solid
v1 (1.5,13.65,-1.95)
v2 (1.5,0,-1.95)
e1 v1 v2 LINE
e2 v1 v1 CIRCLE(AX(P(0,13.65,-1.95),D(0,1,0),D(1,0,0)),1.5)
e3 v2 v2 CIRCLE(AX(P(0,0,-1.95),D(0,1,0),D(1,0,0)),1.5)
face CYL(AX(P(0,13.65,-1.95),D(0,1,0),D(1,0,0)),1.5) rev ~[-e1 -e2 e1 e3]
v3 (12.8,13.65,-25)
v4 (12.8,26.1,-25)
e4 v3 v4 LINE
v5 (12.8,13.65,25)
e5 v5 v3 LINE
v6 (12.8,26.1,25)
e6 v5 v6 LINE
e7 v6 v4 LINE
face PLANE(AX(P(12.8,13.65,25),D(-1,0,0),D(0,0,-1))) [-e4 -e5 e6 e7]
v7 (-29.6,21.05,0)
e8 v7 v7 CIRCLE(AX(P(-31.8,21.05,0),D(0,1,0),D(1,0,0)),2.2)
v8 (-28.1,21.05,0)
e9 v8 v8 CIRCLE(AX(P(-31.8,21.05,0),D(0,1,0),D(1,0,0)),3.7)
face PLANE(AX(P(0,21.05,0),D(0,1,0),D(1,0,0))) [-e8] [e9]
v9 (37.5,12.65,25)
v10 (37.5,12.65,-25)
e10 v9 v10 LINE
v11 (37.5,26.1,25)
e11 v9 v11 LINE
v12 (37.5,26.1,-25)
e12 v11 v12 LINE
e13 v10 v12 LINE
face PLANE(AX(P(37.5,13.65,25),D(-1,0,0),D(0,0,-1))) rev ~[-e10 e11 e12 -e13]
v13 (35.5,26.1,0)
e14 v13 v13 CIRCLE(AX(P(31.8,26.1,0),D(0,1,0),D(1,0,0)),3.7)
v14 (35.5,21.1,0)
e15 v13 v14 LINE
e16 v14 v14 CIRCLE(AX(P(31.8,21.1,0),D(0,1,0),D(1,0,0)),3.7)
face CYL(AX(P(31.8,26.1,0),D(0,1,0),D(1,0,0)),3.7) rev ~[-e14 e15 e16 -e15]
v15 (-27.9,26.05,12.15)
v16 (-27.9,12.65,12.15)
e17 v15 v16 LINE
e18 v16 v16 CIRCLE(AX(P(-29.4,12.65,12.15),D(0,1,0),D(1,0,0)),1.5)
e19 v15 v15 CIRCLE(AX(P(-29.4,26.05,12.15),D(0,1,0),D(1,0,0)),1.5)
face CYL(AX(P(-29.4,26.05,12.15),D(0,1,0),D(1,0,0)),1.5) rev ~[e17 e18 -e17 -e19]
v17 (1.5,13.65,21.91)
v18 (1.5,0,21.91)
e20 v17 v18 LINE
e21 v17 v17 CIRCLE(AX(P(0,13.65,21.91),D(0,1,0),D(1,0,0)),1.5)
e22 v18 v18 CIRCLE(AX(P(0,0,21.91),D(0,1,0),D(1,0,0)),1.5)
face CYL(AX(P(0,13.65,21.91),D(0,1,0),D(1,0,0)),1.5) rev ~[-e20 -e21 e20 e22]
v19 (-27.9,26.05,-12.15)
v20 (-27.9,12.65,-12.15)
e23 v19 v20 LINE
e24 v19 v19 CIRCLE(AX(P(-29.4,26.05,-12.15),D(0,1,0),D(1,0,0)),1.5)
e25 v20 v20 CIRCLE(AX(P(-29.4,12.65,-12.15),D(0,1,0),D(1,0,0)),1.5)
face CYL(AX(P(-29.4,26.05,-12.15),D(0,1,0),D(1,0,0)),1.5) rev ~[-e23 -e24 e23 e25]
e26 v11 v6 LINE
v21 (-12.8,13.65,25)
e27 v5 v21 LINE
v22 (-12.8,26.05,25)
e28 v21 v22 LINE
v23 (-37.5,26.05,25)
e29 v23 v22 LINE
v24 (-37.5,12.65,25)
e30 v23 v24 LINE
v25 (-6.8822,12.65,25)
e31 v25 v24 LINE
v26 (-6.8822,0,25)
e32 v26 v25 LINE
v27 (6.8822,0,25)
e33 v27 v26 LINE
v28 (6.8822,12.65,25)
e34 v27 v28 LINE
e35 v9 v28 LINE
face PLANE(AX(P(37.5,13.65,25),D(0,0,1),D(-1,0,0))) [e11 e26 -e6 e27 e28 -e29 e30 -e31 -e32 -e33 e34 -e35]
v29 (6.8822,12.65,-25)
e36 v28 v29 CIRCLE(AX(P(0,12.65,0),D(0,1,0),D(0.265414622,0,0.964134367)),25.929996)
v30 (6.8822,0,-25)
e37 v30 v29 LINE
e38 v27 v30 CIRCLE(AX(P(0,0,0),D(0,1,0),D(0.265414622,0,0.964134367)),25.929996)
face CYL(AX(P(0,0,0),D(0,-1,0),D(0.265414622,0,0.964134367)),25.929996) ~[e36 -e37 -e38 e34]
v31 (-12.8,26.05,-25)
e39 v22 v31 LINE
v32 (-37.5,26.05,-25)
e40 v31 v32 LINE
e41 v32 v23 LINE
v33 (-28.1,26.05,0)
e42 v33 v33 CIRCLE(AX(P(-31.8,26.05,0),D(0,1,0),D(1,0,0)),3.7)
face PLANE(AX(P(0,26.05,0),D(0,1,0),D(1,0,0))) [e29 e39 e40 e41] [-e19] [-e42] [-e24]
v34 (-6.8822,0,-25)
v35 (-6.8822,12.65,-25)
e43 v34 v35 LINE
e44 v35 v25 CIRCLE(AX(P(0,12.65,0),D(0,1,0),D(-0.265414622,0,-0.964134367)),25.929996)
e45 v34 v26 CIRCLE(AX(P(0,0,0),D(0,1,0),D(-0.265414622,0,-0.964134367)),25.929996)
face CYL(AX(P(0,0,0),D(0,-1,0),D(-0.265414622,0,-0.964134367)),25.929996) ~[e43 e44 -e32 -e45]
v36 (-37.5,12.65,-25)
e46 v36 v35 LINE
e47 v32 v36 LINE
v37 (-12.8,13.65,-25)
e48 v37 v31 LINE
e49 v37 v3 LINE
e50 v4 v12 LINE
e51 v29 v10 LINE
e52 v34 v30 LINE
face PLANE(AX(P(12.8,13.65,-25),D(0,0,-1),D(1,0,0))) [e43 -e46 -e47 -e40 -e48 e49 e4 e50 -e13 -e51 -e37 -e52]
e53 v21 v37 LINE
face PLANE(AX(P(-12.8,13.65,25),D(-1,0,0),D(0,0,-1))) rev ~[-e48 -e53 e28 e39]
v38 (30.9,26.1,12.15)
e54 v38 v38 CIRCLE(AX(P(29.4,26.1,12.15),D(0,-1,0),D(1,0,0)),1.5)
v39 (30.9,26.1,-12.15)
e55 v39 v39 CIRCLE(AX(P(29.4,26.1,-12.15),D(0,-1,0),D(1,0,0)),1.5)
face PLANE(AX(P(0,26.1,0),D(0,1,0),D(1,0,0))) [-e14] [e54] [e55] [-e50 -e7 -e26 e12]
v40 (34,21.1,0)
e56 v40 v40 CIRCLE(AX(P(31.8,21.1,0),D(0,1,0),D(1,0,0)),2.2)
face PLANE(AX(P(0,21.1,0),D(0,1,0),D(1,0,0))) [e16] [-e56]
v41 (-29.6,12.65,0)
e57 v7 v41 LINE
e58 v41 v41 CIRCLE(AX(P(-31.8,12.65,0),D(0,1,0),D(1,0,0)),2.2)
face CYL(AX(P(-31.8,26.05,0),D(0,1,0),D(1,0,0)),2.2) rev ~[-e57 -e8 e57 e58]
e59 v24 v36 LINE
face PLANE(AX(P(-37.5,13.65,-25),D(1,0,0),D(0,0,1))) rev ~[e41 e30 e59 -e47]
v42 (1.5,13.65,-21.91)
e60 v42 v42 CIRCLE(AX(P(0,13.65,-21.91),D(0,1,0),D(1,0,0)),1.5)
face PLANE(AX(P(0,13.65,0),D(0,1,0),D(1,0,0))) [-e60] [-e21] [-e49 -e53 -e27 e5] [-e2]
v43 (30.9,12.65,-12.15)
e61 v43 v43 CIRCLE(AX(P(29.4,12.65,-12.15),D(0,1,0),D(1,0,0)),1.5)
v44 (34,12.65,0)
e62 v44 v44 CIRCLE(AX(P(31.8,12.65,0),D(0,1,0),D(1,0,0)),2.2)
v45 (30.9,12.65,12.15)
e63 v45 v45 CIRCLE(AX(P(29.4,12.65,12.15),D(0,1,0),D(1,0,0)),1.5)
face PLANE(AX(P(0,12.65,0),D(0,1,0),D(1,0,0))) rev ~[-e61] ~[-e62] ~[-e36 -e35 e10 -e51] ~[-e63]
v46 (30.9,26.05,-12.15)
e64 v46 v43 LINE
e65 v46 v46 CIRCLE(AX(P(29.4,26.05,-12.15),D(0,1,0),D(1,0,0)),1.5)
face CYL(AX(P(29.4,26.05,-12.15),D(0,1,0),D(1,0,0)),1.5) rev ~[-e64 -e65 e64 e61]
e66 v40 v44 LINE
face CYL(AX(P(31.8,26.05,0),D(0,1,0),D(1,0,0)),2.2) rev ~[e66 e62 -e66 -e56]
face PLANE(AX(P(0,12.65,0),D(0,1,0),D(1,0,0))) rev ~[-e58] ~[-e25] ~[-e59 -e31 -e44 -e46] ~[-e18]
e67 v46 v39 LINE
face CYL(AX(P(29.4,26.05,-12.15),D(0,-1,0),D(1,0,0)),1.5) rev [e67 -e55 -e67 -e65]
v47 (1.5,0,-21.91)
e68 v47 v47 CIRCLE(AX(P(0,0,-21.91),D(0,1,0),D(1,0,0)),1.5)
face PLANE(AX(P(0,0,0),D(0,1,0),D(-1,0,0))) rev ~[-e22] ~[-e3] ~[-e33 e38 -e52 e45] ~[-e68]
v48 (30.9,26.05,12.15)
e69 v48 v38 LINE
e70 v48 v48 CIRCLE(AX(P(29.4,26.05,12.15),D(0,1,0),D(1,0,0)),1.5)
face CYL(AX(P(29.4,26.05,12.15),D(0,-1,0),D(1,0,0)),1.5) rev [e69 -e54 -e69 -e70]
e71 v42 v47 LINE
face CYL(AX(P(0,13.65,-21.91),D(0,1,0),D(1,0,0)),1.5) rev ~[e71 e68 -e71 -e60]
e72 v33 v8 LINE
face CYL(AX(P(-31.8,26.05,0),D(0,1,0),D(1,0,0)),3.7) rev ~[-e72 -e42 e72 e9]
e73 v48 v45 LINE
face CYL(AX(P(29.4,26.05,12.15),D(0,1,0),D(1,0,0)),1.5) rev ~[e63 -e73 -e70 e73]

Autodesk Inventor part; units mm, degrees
ref_plane "YZ Plane" through (0, 0, 0) normal (1, 0, 0) x (0, 1, 0)
ref_plane "XZ Plane" through (0, 0, 0) normal (0, 1, 0) x (-1, 0, 0)
ref_plane "XY Plane" through (0, 0, 0) normal (0, 0, 1) x (1, 0, 0)
sketch "Sketch1" plane through (0, 0, 0) normal (0, 1, 0) x (-1, 0, 0)
  line L0 (37.5, -25) -> (-37.5, -25) construction
  line L1 (-37.5, -25) -> (-37.5, 25) construction
  line L2 (-37.5, 25) -> (37.5, 25) construction
  line L3 (37.5, 25) -> (37.5, -25) construction
  arc A0 (6.8822, -25) -> (6.8822, 25) centre (0, 0) ccw
  arc A1 (-6.8822, 25) -> (-6.8822, -25) centre (0, 0) ccw
  line L4 (6.8822, -25) -> (-6.8822, -25)
  line L5 (-6.8822, 25) -> (6.8822, 25)
  dimension "d4" = 50
  dimension "d5" = 75
extrude "Extrusion1" add sketch "Sketch1" along normal blind 12.65
sketch "Sketch2" plane through (0, 12.65, 0) normal (0, 1, 0) x (1, 0, 0)
  line L0 (-37.5, 25) -> (37.5, 25) construction
  line L1 (-37.5, -25) -> (-37.5, 25) construction
  line L2 (37.5, 25) -> (37.5, -25) construction
  line L3 (37.5, -25) -> (-37.5, -25) construction
  line L4 (-37.5, 25) -> (37.5, 25)
  line L5 (37.5, -25) -> (37.5, 25)
  line L6 (37.5, -25) -> (-37.5, -25)
  line L7 (-37.5, -25) -> (-37.5, 25)
  point P0 (0, 0)
extrude "Extrusion2" add sketch "Sketch2" along normal blind 1
sketch "Sketch3" plane through (0, 13.65, 0) normal (0, 1, 0) x (1, 0, 0)
  line L0 (37.5, -25) -> (6.8822, -25) projected
  line L1 (12.8, -25) -> (12.8, 25)
  line L2 (12.8, 25) -> (37.5, 25)
  line L3 (37.5, -25) -> (37.5, 25) projected
  line L4 (37.5, 25) -> (37.5, -25)
  line L5 (37.5, -25) -> (12.8, -25)
  line L6 (-12.8, -25) -> (-12.8, 25)
  line L7 (-37.5, 25) -> (-37.5, -25) projected
  line L8 (-12.8, 25) -> (-37.5, 25)
  line L9 (-37.5, 25) -> (-37.5, -25)
  line L10 (-37.5, -25) -> (-12.8, -25)
  point P0 (0, 0)
  dimension "d12" = 25.6
  dimension "d13" = 24.7
  dimension "d14" = 24.7
extrude "Extrusion3" add sketch "Sketch3" along normal blind 12.4 contours L10 L7 L8 L6
extrude "Extrusion4" add sketch "Sketch3" along normal blind 12.45 contours L0 L1 L2 L3
sketch "Sketch4" plane through (0, 13.65, 0) normal (0, 1, 0) x (1, 0, 0)
  circle A0 centre (0, 21.91) radius 1.5
  circle A1 centre (0, -21.91) radius 1.5
  circle A2 centre (0, 1.95) radius 1.5
  line L0 (12.8, 25) -> (12.8, -25) projected
  point P0 (0, 0)
  dimension "d21" = 3
  dimension "d23" = 3
  dimension "d25" = 3
  dimension "d26" = 21.91
  dimension "d27" = 23.86
  dimension "d28" = 21.91
  dimension "d29" = 12.8
extrude "Extrusion5" cut sketch "Sketch4" against normal blind 18.8
sketch "Sketch5" plane through (0, 26.05, 0) normal (0, 1, 0) x (1, 0, 0)
  circle A0 centre (-29.4, 12.15) radius 1.5
  circle A1 centre (-29.4, -12.15) radius 1.5
  circle A2 centre (-31.8, 0) radius 2.2
  line L0 (-37.5, 25) -> (-37.5, -25) projected
  circle A3 centre (29.4, 12.15) radius 1.5
  circle A4 centre (29.4, -12.15) radius 1.5
  circle A5 centre (31.8, 0) radius 2.2
  circle A6 centre (29.4, 12.15) radius 1.5
  circle A7 centre (29.4, -12.15) radius 1.5
  circle A8 centre (31.8, 0) radius 2.2
  point P0 (0, 0)
  dimension "d35" = 3
  dimension "d36" = 3
  dimension "d37" = 4.4
  dimension "d38" = 8.1
  dimension "d41" = 5.7
extrude "Extrusion6" cut sketch "Sketch5" along normal mid plane 35
sketch "Sketch7" plane through (0, 26.1, 0) normal (0, 1, 0) x (1, 0, 0)
  circle A0 centre (31.8, 0) radius 3.7
  point P0 (0, 0)
  dimension "d44" = 7.4
extrude "Extrusion7" cut sketch "Sketch7" against normal blind 5
sketch "Sketch8" plane through (0, 26.05, 0) normal (0, 1, 0) x (1, 0, 0)
  circle A0 centre (-31.8, 0) radius 3.7
  point P0 (0, 0)
  dimension "d47" = 7.4
extrude "Extrusion8" cut sketch "Sketch8" against normal blind 5
properties part number "PocketNC_Vise_Backing_Plate" material "Aluminum 6061"
